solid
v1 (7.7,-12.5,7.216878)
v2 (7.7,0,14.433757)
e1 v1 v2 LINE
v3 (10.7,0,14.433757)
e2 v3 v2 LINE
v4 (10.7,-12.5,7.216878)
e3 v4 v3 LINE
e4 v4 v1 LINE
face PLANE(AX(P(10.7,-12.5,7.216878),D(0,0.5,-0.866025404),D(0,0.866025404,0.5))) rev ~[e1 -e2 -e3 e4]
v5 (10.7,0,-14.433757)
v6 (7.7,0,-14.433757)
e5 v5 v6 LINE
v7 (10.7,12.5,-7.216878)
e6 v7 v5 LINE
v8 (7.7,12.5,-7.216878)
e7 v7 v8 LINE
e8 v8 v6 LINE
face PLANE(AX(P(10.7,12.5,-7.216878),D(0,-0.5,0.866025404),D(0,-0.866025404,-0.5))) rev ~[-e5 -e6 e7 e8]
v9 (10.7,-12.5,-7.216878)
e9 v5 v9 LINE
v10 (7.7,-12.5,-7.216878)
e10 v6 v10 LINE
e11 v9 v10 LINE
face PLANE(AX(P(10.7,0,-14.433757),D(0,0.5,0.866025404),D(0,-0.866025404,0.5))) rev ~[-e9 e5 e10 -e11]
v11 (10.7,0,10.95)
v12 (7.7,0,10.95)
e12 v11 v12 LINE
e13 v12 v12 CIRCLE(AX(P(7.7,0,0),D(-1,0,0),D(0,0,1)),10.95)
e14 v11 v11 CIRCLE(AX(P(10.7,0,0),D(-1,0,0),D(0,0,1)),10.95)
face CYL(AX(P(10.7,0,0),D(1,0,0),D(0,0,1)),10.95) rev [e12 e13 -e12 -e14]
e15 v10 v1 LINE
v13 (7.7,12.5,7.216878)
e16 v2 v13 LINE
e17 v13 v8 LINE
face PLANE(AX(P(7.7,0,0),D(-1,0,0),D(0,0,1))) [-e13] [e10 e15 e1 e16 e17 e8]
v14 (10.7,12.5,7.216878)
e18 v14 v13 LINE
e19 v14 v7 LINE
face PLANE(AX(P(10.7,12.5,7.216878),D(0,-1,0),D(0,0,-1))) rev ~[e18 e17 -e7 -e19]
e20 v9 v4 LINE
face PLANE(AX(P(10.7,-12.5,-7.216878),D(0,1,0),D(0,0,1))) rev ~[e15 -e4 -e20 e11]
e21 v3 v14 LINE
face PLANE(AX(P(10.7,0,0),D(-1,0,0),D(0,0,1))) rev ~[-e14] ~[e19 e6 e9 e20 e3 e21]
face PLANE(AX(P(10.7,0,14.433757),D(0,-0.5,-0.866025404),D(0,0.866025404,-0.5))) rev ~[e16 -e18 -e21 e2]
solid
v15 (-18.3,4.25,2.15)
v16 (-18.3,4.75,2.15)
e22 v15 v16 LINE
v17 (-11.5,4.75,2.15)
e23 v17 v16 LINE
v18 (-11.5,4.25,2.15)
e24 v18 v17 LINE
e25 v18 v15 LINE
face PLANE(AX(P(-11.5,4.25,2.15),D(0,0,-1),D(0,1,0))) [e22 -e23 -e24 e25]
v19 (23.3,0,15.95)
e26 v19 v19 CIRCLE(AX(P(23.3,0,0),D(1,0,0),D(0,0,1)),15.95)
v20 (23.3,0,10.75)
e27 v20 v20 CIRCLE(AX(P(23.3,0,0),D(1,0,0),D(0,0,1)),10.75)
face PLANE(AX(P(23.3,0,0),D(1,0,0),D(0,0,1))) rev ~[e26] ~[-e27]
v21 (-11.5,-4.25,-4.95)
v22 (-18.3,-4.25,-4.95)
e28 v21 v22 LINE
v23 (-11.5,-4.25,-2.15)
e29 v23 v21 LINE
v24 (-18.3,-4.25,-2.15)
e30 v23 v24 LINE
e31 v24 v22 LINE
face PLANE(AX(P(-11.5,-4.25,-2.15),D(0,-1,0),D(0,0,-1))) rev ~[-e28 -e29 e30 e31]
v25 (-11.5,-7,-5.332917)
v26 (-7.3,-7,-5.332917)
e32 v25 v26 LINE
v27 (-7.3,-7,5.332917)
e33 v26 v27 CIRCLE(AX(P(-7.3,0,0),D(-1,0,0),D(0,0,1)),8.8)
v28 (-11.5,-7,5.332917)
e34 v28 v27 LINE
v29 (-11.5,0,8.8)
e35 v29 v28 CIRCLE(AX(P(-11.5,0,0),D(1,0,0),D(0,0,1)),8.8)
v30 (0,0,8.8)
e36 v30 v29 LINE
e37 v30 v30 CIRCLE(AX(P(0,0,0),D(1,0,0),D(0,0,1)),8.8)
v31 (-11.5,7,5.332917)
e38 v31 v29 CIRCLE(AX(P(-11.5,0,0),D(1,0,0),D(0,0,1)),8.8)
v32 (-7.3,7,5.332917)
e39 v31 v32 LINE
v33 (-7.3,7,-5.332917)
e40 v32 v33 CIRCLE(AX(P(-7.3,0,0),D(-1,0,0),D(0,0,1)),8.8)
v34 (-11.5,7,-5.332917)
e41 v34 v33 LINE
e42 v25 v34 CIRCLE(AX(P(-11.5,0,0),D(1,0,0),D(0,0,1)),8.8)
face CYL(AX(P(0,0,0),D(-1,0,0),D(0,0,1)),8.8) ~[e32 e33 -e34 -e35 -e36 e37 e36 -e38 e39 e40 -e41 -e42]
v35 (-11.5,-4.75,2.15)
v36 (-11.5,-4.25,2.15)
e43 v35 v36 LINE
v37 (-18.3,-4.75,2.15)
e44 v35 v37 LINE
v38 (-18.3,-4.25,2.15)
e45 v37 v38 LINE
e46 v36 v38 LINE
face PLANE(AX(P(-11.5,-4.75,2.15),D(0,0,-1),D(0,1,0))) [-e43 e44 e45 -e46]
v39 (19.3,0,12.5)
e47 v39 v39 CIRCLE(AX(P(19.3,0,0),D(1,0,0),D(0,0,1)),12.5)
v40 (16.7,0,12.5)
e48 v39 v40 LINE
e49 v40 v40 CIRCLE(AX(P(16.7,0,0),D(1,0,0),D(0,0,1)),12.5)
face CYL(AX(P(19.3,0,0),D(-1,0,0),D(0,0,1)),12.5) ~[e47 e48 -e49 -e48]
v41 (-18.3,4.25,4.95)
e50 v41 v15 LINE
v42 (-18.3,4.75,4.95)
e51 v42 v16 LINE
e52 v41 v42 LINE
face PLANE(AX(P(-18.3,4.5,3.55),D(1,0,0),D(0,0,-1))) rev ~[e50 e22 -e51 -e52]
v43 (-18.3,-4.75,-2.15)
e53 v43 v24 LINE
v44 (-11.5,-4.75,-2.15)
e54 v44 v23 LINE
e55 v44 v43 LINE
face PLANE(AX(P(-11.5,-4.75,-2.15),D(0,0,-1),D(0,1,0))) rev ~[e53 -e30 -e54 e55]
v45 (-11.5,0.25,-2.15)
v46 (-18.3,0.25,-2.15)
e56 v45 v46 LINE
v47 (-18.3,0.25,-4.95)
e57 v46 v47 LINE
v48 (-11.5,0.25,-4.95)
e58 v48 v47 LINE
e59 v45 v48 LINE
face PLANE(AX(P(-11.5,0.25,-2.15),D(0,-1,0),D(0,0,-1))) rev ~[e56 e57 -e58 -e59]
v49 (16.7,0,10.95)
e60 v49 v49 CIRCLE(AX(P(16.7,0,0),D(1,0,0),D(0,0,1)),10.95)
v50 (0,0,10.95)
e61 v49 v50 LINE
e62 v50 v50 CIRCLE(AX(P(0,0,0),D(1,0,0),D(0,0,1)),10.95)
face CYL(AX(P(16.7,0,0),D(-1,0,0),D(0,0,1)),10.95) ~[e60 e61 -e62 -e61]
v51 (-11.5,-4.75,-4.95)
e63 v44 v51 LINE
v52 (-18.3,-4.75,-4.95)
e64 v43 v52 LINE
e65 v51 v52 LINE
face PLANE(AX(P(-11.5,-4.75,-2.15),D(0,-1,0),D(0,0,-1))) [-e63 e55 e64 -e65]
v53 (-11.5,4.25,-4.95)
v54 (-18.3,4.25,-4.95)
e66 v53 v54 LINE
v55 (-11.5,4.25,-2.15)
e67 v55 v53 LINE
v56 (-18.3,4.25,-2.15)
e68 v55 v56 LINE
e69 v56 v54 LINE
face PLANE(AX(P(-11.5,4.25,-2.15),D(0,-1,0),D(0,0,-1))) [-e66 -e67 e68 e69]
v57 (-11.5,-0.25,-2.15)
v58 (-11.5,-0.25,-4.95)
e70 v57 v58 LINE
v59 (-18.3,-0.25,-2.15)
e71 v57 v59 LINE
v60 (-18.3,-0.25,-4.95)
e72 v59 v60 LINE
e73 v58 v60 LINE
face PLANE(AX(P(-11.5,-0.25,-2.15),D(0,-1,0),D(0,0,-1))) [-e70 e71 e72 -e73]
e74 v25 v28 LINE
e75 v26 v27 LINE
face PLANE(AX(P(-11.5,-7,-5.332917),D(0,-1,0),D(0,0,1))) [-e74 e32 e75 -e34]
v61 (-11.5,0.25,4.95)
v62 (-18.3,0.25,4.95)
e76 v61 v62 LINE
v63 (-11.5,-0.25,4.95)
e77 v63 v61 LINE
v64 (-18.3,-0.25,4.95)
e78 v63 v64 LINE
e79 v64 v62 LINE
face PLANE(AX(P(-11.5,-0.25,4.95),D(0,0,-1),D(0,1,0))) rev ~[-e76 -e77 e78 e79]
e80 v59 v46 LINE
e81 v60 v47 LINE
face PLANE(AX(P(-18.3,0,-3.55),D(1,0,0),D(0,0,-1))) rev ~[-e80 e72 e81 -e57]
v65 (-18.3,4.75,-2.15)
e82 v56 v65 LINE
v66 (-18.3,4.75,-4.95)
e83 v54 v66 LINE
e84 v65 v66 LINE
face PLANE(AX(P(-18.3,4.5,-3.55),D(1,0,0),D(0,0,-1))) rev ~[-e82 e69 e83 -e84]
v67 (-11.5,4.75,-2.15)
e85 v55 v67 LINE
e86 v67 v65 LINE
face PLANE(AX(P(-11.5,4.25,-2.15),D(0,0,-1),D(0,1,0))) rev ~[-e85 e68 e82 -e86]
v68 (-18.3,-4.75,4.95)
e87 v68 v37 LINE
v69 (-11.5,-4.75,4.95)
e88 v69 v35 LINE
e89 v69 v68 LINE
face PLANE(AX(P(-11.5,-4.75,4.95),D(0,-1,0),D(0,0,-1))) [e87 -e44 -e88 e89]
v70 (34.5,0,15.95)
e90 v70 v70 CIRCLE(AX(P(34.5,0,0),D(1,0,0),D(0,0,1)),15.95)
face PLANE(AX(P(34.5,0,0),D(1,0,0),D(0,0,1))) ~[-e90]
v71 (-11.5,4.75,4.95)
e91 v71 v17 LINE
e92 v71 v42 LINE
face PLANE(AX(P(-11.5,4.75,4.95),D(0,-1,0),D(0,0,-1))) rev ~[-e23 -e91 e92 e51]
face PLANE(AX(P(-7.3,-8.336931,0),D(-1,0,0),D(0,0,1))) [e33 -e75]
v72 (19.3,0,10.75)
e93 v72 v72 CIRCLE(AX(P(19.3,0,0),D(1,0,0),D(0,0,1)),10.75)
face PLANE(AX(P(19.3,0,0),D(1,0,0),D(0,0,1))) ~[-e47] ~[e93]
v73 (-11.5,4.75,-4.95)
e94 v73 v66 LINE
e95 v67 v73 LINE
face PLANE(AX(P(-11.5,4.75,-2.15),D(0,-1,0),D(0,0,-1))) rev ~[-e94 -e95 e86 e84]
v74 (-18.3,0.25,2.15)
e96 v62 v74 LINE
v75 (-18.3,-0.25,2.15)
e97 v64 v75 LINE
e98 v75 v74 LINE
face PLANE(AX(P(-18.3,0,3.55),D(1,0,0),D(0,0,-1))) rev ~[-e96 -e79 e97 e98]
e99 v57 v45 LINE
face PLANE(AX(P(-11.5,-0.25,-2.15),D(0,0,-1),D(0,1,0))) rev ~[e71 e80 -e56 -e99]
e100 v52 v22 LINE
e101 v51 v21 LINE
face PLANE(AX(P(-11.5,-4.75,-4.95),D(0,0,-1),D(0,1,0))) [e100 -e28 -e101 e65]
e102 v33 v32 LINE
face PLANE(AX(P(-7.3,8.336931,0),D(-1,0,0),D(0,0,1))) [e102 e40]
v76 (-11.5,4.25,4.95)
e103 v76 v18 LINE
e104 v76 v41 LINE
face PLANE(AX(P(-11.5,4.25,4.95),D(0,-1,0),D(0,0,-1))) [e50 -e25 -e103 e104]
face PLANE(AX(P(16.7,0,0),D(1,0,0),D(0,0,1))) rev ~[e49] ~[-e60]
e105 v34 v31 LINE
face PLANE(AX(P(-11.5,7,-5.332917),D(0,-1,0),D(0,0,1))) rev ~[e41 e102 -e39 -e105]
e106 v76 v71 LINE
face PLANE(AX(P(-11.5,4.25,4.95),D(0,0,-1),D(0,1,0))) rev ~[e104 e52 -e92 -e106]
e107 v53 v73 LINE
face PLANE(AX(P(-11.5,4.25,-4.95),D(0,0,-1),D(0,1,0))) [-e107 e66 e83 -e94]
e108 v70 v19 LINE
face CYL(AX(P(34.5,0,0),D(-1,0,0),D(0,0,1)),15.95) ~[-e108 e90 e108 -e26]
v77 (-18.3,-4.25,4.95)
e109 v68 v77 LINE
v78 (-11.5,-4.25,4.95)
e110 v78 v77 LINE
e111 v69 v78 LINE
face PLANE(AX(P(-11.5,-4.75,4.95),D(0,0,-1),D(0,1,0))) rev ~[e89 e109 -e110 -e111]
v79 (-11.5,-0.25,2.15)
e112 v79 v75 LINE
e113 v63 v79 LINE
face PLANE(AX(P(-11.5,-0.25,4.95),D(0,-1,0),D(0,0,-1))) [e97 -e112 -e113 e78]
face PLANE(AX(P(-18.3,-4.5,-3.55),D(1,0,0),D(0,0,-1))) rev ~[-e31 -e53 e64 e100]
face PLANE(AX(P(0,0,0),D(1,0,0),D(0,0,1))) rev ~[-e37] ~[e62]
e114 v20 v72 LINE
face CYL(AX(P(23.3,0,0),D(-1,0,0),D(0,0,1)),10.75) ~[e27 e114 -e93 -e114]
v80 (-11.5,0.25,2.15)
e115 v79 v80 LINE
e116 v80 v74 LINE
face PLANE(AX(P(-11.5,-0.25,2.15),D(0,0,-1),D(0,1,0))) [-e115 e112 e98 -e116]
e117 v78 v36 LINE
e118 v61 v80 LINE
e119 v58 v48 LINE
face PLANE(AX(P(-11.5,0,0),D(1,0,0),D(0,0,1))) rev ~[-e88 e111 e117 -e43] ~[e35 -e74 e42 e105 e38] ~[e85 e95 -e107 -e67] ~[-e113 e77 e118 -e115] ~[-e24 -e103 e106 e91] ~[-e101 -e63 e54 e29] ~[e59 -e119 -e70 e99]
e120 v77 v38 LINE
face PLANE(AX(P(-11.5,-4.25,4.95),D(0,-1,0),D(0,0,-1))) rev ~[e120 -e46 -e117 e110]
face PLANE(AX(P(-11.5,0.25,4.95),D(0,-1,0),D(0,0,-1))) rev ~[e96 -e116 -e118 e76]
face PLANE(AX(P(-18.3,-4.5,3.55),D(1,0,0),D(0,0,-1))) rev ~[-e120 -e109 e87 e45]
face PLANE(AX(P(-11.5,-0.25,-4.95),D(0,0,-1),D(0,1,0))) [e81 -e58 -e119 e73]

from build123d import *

# Parameters (mm, degrees)
ESQUISSE4_W             = 10.6658333
ESQUISSE4_H             = 2.673862607
ENL_V_MAT_EXTRU_1_DEPTH = 4.2
ESQUISSE3_W             = 2.8
ESQUISSE3_H             = 0.5
BOSS_EXTRU_1_DEPTH      = 6.8
BOSS_EXTRU_2_START      = 6
ESQUISSE5_R             = 10.95
BOSS_EXTRU_2_DEPTH      = 3


with BuildPart() as part:
    # Esquisse2 → Révolution1 (revolve)
    with BuildSketch(Plane.XY, mode=Mode.PRIVATE) as r_volution1_sk:
        Polygon((0, 10.95), (0, 8.8), (-11.5, 8.8), (-11.5, 0), (0, 0), (34.5, 0), (34.5, 15.95), (23.3, 15.95), (23.3, 10.75), (19.3, 10.75), (19.3, 12.5), (16.7, 12.5), (16.7, 10.95), align=None)
    revolve(r_volution1_sk.sketch.rotate(Axis((0, 0, 0), (1, 0, 0)), 90), axis=Axis((0, 0, 0), (1, 0, 0)))

    # Esquisse4 → Enlèv. mat.-Extru.1 (cut)
    with BuildSketch(Plane.ZY.offset(11.5)):
        with Locations((0, 8.336931304)):
            Rectangle(ESQUISSE4_W, ESQUISSE4_H)
        with Locations((0, -8.336931304)):
            Rectangle(ESQUISSE4_W, ESQUISSE4_H)
    extrude(amount=-ENL_V_MAT_EXTRU_1_DEPTH, mode=Mode.SUBTRACT)

    # Esquisse3 → Boss.-Extru.1 (add)
    with BuildSketch(Plane(origin=(-11.5, 0, 0), x_dir=(0, 0, -1), z_dir=(1, 0, 0))):
        with Locations((3.55, 4.5)):
            Rectangle(ESQUISSE3_W, ESQUISSE3_H)
        with Locations((3.55, 0)):
            Rectangle(ESQUISSE3_W, ESQUISSE3_H)
        with Locations((3.55, -4.5)):
            Rectangle(ESQUISSE3_W, ESQUISSE3_H)
        with Locations((-3.55, 0)):
            Rectangle(ESQUISSE3_W, ESQUISSE3_H)
        with Locations((-3.55, -4.5)):
            Rectangle(ESQUISSE3_W, ESQUISSE3_H)
        with Locations((-3.55, 4.5)):
            Rectangle(ESQUISSE3_W, ESQUISSE3_H)
    extrude(amount=-BOSS_EXTRU_1_DEPTH)


with BuildPart() as body_2:
    # Esquisse5 → Boss.-Extru.2 (new body)
    with BuildSketch(Plane.ZY.offset(-16.7).offset(BOSS_EXTRU_2_START)):
        Polygon((7.216878365, 12.5), (-7.216878365, 12.5), (-14.43375673, 0), (-7.216878365, -12.5), (7.216878365, -12.5), (14.43375673, 0), align=None)
        Circle(ESQUISSE5_R, mode=Mode.SUBTRACT)
    extrude(amount=BOSS_EXTRU_2_DEPTH)


solid = Compound([part.part, body_2.part])
